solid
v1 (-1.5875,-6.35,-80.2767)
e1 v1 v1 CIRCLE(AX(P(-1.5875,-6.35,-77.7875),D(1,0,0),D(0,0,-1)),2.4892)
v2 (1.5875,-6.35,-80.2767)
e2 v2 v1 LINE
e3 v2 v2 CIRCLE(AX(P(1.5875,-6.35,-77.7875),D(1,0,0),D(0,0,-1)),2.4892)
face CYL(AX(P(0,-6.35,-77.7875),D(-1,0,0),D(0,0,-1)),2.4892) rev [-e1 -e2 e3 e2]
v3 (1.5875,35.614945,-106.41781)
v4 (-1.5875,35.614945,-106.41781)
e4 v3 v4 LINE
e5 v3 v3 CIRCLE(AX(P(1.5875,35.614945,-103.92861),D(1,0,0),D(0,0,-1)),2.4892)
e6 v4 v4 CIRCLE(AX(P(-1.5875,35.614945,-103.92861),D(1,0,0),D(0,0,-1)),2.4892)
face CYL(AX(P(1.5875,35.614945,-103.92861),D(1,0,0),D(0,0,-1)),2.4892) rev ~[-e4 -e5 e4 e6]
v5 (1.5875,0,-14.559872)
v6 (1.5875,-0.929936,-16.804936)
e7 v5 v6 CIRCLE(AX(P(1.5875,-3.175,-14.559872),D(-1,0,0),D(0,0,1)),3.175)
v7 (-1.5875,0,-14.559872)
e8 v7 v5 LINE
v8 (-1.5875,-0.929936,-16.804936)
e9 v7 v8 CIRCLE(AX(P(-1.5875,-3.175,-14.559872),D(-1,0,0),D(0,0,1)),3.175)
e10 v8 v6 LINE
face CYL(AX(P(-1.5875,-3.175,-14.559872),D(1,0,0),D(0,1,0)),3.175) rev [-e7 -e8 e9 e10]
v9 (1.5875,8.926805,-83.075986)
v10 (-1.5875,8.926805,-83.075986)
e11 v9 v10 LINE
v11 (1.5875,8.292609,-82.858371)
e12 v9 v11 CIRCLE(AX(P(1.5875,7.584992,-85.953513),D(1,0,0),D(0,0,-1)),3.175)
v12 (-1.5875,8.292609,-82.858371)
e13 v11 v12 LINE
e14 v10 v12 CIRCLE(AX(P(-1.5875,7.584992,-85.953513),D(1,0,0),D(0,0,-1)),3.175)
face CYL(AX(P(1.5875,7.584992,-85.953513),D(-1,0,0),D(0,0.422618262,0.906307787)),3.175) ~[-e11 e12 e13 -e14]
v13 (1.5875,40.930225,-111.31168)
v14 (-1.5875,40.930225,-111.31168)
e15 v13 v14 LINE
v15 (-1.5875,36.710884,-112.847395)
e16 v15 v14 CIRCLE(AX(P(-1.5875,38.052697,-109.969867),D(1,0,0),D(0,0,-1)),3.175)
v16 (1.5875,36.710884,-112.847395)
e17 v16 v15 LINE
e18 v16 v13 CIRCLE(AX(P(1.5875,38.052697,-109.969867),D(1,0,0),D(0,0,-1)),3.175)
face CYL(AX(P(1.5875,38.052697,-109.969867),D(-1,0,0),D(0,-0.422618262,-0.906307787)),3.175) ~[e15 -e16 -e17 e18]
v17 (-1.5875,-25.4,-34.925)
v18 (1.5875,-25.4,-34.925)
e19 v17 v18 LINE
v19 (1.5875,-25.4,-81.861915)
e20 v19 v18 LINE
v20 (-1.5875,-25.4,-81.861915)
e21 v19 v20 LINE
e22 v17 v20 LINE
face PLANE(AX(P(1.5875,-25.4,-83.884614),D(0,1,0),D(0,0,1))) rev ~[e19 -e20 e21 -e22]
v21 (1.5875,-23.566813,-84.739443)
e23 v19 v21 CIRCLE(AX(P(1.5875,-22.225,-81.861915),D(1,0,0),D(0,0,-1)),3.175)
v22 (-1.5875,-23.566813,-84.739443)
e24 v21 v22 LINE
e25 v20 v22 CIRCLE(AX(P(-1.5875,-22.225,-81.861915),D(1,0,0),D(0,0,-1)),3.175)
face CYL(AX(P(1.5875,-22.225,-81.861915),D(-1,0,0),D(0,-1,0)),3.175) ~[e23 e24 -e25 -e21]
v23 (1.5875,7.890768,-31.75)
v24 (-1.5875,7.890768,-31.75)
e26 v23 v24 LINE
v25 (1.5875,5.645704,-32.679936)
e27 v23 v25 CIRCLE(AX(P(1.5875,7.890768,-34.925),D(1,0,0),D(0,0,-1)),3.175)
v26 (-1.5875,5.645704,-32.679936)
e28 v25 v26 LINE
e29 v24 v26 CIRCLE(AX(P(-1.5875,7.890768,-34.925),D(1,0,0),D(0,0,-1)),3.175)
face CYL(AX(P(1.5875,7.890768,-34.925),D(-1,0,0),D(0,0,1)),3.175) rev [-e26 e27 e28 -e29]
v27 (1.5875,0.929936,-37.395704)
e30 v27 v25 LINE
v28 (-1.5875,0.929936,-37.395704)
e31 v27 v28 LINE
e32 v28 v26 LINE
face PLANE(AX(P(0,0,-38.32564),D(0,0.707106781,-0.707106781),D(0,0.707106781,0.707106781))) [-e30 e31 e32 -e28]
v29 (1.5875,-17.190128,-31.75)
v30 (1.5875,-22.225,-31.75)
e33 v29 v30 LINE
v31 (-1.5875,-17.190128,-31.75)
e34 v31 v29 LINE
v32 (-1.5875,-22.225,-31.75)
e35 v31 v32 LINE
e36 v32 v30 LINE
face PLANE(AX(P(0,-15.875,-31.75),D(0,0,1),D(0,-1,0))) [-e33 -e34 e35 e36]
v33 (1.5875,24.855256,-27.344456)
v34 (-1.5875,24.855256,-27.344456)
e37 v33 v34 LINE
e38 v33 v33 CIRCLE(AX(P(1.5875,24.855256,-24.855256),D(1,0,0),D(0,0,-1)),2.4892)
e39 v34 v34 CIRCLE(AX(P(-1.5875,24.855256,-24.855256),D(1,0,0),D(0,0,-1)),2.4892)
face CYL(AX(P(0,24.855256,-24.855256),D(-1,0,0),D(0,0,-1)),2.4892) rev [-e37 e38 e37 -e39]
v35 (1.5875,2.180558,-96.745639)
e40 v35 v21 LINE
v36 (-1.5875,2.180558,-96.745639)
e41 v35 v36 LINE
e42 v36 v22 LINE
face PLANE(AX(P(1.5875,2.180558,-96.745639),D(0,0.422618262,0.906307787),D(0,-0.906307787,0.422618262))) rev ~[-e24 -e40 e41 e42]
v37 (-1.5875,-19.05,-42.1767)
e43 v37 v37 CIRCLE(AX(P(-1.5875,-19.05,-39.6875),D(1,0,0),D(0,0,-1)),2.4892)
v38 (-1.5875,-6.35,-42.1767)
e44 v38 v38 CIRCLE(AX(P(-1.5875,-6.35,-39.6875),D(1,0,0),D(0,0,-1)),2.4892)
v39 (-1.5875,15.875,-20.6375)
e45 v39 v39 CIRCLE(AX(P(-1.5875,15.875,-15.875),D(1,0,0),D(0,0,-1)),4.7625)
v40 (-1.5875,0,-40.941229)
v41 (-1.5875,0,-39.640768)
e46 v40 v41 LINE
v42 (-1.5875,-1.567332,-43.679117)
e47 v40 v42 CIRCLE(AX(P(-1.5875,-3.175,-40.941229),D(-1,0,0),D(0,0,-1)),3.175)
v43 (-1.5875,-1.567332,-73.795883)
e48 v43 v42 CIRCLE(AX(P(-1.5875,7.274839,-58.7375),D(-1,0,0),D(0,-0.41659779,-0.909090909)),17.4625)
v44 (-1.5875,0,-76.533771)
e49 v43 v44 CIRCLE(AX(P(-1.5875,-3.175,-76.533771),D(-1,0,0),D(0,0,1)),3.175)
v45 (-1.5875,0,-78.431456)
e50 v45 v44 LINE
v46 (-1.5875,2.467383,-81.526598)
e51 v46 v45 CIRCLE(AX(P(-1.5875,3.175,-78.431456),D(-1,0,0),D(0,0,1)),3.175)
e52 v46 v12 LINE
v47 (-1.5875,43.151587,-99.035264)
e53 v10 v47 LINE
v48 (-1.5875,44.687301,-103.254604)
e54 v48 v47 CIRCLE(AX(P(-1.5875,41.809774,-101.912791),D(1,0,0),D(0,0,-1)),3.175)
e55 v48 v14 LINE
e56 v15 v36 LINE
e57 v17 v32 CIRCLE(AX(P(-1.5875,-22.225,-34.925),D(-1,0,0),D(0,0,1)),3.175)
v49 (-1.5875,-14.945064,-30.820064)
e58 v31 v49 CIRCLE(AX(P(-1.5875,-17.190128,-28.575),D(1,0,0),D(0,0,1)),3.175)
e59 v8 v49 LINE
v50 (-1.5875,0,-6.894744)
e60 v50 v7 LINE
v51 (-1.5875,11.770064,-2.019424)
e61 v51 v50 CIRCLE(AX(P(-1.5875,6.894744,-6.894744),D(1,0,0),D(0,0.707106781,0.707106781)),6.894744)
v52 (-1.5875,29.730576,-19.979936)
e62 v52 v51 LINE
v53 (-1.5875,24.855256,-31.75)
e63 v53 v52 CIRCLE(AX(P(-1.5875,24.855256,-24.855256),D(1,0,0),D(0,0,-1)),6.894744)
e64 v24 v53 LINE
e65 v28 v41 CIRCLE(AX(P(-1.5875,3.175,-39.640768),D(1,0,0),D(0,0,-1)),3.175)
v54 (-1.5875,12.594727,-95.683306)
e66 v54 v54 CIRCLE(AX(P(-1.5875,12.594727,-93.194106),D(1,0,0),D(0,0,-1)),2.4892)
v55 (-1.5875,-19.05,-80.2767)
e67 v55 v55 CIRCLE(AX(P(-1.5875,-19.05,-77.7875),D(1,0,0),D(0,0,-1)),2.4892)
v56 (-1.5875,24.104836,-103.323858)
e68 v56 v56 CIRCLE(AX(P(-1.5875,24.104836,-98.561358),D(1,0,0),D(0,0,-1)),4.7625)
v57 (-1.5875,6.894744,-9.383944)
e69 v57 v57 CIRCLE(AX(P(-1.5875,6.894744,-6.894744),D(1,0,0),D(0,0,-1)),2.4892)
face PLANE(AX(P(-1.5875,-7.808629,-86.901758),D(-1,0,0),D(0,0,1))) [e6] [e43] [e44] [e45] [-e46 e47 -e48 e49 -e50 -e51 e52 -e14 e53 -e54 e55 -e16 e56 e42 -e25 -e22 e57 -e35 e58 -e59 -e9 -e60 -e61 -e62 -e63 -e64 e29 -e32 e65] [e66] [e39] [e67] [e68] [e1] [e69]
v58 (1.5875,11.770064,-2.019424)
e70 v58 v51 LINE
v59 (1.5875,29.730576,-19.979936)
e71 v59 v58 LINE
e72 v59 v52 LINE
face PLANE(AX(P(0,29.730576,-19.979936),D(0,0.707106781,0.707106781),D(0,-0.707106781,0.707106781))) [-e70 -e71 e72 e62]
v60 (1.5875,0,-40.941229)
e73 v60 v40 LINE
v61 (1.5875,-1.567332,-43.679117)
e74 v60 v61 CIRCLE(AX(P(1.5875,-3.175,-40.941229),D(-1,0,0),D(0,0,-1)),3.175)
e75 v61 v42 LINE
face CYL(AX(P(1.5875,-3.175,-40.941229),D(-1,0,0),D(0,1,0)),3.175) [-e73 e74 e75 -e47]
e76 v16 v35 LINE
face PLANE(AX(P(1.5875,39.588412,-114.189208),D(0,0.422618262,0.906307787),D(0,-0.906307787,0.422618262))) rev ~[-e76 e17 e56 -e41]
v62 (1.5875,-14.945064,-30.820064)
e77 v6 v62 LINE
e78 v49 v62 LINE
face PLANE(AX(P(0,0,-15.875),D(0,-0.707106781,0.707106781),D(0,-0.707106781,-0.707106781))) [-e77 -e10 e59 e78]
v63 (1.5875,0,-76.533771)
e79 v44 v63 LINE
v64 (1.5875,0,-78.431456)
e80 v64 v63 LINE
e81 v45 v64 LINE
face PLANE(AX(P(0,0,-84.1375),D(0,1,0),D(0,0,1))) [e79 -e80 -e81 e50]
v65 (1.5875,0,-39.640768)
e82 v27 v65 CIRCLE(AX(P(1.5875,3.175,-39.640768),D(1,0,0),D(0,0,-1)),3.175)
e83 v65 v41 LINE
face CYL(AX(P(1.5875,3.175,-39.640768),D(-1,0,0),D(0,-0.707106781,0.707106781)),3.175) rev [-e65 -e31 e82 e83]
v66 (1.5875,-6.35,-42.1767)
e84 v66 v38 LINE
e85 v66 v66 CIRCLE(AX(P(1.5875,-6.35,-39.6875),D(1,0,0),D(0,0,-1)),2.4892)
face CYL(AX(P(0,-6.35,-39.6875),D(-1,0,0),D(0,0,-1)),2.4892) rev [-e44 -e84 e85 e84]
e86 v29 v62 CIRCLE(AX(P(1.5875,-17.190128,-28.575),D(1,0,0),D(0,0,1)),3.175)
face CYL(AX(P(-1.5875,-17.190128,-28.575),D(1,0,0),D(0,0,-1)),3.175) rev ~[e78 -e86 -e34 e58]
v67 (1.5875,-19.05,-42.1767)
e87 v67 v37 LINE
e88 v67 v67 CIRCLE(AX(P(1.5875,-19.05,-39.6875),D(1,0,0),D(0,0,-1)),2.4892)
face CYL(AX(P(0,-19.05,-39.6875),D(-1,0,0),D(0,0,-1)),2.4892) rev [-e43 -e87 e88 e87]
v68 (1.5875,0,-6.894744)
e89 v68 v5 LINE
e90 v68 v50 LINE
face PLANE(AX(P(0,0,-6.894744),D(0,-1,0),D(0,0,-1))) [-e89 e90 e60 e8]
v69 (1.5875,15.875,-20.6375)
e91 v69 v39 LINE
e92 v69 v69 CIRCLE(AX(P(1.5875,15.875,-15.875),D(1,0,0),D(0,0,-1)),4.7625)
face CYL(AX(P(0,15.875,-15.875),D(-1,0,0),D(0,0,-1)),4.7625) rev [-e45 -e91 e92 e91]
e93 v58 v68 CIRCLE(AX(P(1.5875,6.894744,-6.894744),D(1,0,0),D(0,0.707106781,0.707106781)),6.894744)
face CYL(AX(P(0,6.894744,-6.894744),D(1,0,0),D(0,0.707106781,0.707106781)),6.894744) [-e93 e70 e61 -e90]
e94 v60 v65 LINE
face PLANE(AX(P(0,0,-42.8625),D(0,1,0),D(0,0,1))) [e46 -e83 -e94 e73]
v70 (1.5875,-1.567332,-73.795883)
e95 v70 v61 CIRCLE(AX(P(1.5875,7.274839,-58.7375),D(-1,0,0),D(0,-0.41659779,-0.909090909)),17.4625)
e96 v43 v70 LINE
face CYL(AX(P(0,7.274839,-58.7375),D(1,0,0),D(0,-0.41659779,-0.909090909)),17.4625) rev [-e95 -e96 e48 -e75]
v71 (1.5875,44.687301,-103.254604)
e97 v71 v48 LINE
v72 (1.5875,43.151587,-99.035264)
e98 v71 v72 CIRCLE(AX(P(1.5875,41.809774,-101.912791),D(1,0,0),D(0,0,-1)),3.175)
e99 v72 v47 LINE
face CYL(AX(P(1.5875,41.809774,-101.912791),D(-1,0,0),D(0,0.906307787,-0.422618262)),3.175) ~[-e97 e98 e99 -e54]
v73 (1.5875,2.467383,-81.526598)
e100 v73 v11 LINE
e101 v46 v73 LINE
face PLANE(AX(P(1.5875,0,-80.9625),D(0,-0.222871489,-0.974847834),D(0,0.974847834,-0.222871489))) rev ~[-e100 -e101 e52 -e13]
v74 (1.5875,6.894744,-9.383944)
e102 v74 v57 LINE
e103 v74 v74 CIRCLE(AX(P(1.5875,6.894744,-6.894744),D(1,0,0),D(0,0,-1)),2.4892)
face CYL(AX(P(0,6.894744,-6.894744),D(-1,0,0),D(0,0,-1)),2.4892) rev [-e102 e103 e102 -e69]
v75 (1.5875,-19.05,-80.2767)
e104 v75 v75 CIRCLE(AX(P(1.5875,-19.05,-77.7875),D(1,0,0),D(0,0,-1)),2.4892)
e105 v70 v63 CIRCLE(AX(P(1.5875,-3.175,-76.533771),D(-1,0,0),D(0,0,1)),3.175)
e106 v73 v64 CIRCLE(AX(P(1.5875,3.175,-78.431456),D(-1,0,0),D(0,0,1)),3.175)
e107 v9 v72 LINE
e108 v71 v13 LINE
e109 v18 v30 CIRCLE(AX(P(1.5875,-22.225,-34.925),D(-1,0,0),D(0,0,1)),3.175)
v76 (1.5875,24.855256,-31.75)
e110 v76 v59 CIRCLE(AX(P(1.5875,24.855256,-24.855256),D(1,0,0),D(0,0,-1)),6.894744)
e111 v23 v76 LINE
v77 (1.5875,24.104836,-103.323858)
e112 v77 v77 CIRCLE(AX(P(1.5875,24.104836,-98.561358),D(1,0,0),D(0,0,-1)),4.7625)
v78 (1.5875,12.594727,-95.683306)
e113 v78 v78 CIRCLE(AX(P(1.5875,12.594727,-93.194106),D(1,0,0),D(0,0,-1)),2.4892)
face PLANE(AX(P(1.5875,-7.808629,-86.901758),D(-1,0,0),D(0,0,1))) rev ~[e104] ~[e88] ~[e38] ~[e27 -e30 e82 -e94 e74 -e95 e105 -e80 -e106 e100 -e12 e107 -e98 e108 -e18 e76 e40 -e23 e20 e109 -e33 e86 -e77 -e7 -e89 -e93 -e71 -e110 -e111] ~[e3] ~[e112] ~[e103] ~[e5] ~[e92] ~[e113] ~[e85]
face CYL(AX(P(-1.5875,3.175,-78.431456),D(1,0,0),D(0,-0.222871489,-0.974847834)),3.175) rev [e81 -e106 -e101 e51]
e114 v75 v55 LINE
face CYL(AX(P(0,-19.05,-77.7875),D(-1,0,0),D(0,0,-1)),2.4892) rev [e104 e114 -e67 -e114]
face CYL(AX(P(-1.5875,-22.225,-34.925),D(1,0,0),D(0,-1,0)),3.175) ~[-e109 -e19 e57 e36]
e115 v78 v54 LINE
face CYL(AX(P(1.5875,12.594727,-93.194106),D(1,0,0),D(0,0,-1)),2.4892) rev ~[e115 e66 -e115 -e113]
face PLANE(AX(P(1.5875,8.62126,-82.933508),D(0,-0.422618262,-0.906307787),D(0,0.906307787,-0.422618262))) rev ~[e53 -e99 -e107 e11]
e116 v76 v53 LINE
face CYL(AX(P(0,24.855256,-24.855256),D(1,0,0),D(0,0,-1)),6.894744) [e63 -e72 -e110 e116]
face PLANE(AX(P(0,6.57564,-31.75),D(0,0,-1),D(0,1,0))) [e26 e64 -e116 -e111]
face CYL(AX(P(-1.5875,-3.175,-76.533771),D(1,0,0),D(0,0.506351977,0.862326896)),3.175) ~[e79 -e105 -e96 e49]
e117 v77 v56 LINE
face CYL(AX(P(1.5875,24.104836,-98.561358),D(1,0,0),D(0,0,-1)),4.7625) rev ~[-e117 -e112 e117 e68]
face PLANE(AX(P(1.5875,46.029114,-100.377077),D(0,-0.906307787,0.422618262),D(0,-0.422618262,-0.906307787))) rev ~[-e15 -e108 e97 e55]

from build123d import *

# Parameters (mm, degrees)
SKETCH1_R           = 2.4892
SKETCH1_R_2         = 4.7625
BOSS_EXTRUDE1_DEPTH = 1.5875
FILLET1_R           = 3.175
SKETCH2_R           = 4.7625
SKETCH2_R_2         = 2.4892
BOSS_EXTRUDE2_DEPTH = 3.175
FILLET2_R           = 3.175


with BuildPart() as part:
    # Sketch1 → Boss-Extrude1 (new, symmetric)
    with BuildSketch(Plane(origin=(0, 0, 0), x_dir=(0, 0, -1), z_dir=(1, 0, 0))):
        with BuildLine():
            Line((6.894743879, 0), (15.875, 0))
            Line((15.875, 0), (31.75, -15.875))
            Line((31.75, -15.875), (31.75, -25.4))
            Line((31.75, -25.4), (84.1375, -25.4))
            Line((84.1375, -25.4), (84.1375, 0))
            Line((84.1375, 0), (74.6125, 0))
            ThreePointArc((74.6125, 0), (58.7375, -10.187661084), (42.8625, 0))
            Line((42.8625, 0), (38.325640303, 0))
            Line((38.325640303, 0), (31.75, 6.575640303))
            Line((31.75, 6.575640303), (31.75, 24.855256121))
            ThreePointArc((31.75, 24.855256121), (27.493760374, 31.225168873), (19.97993597, 29.730576272))
            Line((19.97993597, 29.730576272), (2.019423728, 11.77006403))
            ThreePointArc((2.019423728, 11.77006403), (0.524831127, 4.256239626), (6.894743879, 0))
        make_face()
        with Locations((6.894743879, 6.894743879)):
            Circle(SKETCH1_R, mode=Mode.SUBTRACT)
        with Locations((15.875, 15.875)):
            Circle(SKETCH1_R_2, mode=Mode.SUBTRACT)
        with Locations((24.855256121, 24.855256121)):
            Circle(SKETCH1_R, mode=Mode.SUBTRACT)
        with Locations((77.7875, -19.05)):
            Circle(SKETCH1_R, mode=Mode.SUBTRACT)
        with Locations((77.7875, -6.35)):
            Circle(SKETCH1_R, mode=Mode.SUBTRACT)
        with Locations((39.6875, -19.05)):
            Circle(SKETCH1_R, mode=Mode.SUBTRACT)
        with Locations((39.6875, -6.35)):
            Circle(SKETCH1_R, mode=Mode.SUBTRACT)
    extrude(amount=BOSS_EXTRUDE1_DEPTH, both=True)

    # Fillet1
    fillet1_edges = [part.edges().sort_by_distance(p)[0] for p in [
        (0, 0, -42.8625),
        (0, 0, -74.6125),
        (0, 0, -84.1375),
        (0, -25.4, -84.1375),
        (0, -25.4, -31.75),
        (0, -15.875, -31.75),
        (0, 0, -15.875),
        (0, 6.575640303, -31.75),
        (0, 0, -38.325640303),
    ]]
    fillet(fillet1_edges, radius=FILLET1_R)

    # Sketch2 → Boss-Extrude2 (add)
    # profile 1 of 2: a face of its own
    with BuildSketch(Plane(origin=(1.5875, 0, 0), x_dir=(0, 0, -1), z_dir=(1, 0, 0))):
        with BuildLine():
            Line((83.884613573, -25.4), (80.9625, -25.4))
            ThreePointArc((80.9625, -25.4), (83.20756403, -24.47006403), (84.1375, -22.225))
            Line((84.1375, -22.225), (84.1375, -3.175))
            ThreePointArc((84.1375, -3.175), (83.20756403, -0.92993597), (80.9625, 0))
            Line((80.9625, 0), (82.933508182, 8.621260033))
            Line((82.933508182, 8.621260033), (96.745638856, 2.180557724))
            Line((96.745638856, 2.180557724), (83.884613573, -25.4))
        make_face()
    # profile 2 of 2: a face of its own
    with BuildSketch(Plane(origin=(1.5875, 0, 0), x_dir=(0, 0, -1), z_dir=(1, 0, 0))):
        Polygon((100.377076935, 46.029113943), (114.18920761, 39.588411634), (96.745638856, 2.180557724), (82.933508182, 8.621260033), align=None)
        with Locations((98.561357896, 24.104835834)):
            Circle(SKETCH2_R, mode=Mode.SUBTRACT)
        with Locations((93.194105972, 12.594726938)):
            Circle(SKETCH2_R_2, mode=Mode.SUBTRACT)
        with Locations((103.92860982, 35.614944729)):
            Circle(SKETCH2_R_2, mode=Mode.SUBTRACT)
    extrude(amount=-BOSS_EXTRUDE2_DEPTH)

    # Fillet2
    fillet2_edges = [part.edges().sort_by_distance(p)[0] for p in [
        (0, 39.588411634, -114.18920761),
        (0, 46.029113943, -100.377076935),
        (0, 8.621260033, -82.933508182),
        (0, -25.4, -83.884613573),
        (0, 0, -80.9625),
    ]]
    fillet(fillet2_edges, radius=FILLET2_R)


solid = part.part
